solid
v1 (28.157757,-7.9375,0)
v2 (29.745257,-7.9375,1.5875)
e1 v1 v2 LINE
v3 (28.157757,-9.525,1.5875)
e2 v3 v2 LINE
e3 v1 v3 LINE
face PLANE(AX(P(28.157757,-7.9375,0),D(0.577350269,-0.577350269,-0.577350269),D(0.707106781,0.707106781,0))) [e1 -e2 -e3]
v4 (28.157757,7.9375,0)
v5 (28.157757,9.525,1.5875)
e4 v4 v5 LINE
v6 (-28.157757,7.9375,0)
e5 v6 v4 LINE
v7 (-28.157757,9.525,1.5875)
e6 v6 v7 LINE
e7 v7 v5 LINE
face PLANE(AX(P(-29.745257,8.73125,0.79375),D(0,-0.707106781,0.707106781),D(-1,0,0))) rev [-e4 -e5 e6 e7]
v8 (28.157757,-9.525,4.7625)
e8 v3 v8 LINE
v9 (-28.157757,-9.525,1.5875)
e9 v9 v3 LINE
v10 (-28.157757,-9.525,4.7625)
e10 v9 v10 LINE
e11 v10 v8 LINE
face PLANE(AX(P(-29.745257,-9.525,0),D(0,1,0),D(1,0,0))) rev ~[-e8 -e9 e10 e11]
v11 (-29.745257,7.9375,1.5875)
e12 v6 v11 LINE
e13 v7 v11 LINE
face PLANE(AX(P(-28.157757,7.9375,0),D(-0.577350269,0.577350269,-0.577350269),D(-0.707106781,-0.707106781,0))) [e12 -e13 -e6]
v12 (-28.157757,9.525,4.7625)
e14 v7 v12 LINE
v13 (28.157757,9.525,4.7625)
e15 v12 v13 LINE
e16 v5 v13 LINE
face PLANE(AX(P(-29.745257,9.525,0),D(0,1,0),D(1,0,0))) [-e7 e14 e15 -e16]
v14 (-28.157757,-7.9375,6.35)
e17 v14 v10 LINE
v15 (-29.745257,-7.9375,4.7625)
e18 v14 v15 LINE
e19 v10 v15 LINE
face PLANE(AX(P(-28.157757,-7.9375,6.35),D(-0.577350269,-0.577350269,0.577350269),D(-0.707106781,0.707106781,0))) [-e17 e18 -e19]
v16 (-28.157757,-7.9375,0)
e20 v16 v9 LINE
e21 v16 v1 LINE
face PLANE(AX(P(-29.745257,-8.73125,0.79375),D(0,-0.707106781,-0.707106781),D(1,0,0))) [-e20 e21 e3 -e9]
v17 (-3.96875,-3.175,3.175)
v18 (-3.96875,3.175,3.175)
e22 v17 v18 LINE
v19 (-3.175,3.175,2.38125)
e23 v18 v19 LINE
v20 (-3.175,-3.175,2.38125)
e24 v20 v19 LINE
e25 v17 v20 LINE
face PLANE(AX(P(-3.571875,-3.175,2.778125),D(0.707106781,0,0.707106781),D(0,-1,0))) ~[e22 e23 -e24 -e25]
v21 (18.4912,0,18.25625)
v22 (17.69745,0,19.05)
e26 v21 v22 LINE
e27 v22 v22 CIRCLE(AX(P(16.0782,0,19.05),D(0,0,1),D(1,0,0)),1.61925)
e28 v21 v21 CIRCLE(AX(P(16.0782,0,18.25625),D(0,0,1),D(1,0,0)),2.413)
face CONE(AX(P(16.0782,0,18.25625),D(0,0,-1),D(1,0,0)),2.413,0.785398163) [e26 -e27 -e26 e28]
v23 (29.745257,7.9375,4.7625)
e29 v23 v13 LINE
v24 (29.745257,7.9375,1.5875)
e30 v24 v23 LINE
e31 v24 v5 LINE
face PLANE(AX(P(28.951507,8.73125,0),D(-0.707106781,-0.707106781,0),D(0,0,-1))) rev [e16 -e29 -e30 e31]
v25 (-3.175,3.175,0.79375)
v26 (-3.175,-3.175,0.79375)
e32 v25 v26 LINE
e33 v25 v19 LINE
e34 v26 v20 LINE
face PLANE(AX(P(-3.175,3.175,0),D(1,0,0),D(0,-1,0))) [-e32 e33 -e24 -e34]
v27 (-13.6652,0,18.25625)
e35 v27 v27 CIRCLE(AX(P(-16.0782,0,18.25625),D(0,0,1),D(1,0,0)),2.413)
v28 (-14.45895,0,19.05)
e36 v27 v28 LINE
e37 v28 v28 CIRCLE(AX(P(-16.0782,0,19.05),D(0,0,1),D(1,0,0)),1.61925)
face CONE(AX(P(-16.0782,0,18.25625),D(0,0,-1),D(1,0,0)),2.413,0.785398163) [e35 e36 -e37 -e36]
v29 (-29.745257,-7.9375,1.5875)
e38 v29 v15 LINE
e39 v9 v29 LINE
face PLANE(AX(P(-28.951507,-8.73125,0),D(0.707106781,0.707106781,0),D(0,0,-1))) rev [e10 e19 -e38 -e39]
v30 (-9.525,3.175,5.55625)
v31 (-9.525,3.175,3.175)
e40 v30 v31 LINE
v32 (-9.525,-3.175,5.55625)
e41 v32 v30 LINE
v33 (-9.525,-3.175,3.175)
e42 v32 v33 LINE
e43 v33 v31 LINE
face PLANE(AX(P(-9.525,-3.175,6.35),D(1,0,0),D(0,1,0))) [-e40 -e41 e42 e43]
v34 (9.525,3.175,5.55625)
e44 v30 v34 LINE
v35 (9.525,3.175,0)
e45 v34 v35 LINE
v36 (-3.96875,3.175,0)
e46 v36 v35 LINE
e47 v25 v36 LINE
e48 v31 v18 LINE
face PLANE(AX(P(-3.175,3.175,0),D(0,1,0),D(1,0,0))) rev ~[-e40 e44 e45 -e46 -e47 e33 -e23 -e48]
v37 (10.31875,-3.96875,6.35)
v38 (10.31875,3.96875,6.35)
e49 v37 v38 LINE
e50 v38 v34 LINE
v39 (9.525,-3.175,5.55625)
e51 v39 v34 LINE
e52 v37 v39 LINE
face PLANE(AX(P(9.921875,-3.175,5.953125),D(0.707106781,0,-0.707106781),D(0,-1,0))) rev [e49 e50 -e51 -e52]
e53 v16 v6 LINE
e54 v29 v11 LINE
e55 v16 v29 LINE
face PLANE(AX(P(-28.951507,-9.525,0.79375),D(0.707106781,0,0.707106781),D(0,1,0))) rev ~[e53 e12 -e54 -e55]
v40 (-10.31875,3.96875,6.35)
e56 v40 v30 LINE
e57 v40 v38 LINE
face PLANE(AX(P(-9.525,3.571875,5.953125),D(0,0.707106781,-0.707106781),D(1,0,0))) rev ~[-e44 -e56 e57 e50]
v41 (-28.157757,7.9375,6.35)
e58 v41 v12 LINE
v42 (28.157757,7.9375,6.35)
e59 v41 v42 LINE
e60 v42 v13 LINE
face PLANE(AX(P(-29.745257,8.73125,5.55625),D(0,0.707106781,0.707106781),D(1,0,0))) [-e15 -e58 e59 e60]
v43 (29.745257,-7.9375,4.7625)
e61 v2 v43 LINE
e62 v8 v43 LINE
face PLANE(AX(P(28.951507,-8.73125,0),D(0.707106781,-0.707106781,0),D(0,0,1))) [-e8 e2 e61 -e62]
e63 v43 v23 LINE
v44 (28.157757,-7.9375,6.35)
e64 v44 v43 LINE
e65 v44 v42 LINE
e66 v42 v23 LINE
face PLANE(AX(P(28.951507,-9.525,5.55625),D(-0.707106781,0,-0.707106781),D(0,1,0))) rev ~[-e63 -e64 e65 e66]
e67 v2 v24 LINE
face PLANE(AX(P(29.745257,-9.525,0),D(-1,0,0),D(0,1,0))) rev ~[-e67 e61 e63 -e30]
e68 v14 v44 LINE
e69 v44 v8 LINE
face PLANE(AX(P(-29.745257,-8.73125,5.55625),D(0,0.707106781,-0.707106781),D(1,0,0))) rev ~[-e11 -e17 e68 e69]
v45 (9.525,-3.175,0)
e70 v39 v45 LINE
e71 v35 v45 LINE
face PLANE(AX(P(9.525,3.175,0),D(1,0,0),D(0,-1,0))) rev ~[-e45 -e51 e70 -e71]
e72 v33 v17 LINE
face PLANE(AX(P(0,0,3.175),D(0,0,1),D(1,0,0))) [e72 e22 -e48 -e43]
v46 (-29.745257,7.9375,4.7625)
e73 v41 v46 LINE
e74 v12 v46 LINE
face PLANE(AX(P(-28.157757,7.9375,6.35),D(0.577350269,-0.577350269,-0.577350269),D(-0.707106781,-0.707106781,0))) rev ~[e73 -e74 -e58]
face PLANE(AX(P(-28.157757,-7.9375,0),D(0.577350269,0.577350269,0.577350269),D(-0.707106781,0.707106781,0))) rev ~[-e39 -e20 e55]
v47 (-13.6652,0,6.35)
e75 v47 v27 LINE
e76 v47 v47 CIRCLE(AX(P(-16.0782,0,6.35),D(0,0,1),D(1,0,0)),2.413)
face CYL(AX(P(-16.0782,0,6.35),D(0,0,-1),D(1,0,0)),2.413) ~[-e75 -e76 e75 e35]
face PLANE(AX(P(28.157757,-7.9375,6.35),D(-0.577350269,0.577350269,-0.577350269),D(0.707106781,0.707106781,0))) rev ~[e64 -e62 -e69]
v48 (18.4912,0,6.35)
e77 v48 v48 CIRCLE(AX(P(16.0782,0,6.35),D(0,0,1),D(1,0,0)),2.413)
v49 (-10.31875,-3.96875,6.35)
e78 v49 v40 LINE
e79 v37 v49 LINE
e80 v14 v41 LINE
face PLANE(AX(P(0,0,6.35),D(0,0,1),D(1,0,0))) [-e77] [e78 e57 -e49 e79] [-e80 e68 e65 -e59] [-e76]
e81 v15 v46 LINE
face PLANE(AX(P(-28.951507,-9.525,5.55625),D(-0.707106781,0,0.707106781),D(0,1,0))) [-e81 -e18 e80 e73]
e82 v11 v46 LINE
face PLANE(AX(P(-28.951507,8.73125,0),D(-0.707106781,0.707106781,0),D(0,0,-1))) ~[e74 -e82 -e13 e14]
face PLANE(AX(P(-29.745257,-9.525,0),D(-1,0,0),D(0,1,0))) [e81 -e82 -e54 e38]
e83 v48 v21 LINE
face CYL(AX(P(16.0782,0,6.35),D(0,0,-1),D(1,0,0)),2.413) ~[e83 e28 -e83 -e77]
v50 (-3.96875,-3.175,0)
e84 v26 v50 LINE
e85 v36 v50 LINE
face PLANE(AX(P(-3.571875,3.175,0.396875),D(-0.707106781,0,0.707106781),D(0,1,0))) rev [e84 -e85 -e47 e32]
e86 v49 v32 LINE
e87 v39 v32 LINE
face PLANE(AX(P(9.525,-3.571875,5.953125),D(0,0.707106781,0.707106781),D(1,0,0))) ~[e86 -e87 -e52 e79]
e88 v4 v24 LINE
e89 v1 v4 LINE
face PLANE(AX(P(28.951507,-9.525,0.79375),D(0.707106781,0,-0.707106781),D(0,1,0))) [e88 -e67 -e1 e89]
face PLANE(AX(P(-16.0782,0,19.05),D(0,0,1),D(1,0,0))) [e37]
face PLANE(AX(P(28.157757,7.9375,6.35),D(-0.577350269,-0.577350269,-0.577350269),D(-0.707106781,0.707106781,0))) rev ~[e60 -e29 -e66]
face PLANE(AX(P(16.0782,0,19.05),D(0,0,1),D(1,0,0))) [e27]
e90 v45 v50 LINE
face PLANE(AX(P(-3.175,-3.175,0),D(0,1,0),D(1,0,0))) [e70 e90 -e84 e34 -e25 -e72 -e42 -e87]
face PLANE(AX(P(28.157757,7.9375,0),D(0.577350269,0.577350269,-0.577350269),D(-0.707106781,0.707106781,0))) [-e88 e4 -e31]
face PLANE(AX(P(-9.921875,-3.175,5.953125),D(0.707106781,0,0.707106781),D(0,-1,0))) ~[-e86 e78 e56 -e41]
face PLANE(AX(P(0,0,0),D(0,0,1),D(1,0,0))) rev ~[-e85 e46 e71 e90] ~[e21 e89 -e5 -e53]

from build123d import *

# Parameters (mm, degrees)
F0_W     = 59.490514
F0_H     = 19.05
F1_DEPTH = 6.35
F2_R     = 2.413
F3_DEPTH = 12.7
F4_W     = 19.05
F4_H     = 6.35
F5_DEPTH = 3.175
F6_W     = 12.7
F6_H     = 6.35
F7_DEPTH = 19.051
F8_SIZE  = 0.79375
F9_SIZE  = 1.5875
F10_SIZE = 0.79375


with BuildPart() as f1:
    # F0 (on Top) → F1 (new body)
    with BuildSketch(Plane.XY):
        Rectangle(F0_W, F0_H)
    extrude(amount=F1_DEPTH)

    # F2 (on face) → F3 (join)
    with BuildSketch(Plane.XY.offset(6.35)):
        with Locations((-16.0782, 0)):
            Circle(F2_R)
        with Locations((16.0782, 0)):
            Circle(F2_R)
    extrude(amount=F3_DEPTH)

    # F4 (on face) → F5 (cut)
    with BuildSketch(Plane.XY.offset(6.35)):
        Rectangle(F4_W, F4_H)
    extrude(amount=-F5_DEPTH, mode=Mode.SUBTRACT)

    # F6 (on face) → F7 (cut, through all)
    with BuildSketch(Plane(origin=(0, 0, 0), x_dir=(1, 0, 0), z_dir=(0, 0, -1))):
        with Locations((3.175, 0)):
            Rectangle(F6_W, F6_H)
    extrude(amount=-F7_DEPTH, mode=Mode.SUBTRACT)

    # F8
    f8_edges = [f1.edges().sort_by_distance(p)[0] for p in [
        (-3.175, 0, 3.175),
        (-3.175, 0, 0),
        (0, 3.175, 6.35),
        (9.525, 0, 6.35),
        (0, -3.175, 6.35),
        (-9.525, 0, 6.35),
    ]]
    chamfer(f8_edges, length=F8_SIZE)

    # F9
    f9_edges = [f1.edges().sort_by_distance(p)[0] for p in [
        (-29.745257, -9.525, 3.175),
        (29.745257, -9.525, 3.175),
        (0, -9.525, 0),
        (0, -9.525, 6.35),
        (29.745257, 9.525, 3.175),
        (29.745257, 0, 0),
        (29.745257, 0, 6.35),
        (-29.745257, 9.525, 3.175),
        (0, 9.525, 0),
        (0, 9.525, 6.35),
        (-29.745257, 0, 0),
        (-29.745257, 0, 6.35),
    ]]
    chamfer(f9_edges, length=F9_SIZE)

    # F10
    f10_edges = [f1.edges().sort_by_distance(p)[0] for p in [
        (13.6652, 0, 19.05),
        (-18.4912, 0, 19.05),
    ]]
    chamfer(f10_edges, length=F10_SIZE)


solid = f1.part
